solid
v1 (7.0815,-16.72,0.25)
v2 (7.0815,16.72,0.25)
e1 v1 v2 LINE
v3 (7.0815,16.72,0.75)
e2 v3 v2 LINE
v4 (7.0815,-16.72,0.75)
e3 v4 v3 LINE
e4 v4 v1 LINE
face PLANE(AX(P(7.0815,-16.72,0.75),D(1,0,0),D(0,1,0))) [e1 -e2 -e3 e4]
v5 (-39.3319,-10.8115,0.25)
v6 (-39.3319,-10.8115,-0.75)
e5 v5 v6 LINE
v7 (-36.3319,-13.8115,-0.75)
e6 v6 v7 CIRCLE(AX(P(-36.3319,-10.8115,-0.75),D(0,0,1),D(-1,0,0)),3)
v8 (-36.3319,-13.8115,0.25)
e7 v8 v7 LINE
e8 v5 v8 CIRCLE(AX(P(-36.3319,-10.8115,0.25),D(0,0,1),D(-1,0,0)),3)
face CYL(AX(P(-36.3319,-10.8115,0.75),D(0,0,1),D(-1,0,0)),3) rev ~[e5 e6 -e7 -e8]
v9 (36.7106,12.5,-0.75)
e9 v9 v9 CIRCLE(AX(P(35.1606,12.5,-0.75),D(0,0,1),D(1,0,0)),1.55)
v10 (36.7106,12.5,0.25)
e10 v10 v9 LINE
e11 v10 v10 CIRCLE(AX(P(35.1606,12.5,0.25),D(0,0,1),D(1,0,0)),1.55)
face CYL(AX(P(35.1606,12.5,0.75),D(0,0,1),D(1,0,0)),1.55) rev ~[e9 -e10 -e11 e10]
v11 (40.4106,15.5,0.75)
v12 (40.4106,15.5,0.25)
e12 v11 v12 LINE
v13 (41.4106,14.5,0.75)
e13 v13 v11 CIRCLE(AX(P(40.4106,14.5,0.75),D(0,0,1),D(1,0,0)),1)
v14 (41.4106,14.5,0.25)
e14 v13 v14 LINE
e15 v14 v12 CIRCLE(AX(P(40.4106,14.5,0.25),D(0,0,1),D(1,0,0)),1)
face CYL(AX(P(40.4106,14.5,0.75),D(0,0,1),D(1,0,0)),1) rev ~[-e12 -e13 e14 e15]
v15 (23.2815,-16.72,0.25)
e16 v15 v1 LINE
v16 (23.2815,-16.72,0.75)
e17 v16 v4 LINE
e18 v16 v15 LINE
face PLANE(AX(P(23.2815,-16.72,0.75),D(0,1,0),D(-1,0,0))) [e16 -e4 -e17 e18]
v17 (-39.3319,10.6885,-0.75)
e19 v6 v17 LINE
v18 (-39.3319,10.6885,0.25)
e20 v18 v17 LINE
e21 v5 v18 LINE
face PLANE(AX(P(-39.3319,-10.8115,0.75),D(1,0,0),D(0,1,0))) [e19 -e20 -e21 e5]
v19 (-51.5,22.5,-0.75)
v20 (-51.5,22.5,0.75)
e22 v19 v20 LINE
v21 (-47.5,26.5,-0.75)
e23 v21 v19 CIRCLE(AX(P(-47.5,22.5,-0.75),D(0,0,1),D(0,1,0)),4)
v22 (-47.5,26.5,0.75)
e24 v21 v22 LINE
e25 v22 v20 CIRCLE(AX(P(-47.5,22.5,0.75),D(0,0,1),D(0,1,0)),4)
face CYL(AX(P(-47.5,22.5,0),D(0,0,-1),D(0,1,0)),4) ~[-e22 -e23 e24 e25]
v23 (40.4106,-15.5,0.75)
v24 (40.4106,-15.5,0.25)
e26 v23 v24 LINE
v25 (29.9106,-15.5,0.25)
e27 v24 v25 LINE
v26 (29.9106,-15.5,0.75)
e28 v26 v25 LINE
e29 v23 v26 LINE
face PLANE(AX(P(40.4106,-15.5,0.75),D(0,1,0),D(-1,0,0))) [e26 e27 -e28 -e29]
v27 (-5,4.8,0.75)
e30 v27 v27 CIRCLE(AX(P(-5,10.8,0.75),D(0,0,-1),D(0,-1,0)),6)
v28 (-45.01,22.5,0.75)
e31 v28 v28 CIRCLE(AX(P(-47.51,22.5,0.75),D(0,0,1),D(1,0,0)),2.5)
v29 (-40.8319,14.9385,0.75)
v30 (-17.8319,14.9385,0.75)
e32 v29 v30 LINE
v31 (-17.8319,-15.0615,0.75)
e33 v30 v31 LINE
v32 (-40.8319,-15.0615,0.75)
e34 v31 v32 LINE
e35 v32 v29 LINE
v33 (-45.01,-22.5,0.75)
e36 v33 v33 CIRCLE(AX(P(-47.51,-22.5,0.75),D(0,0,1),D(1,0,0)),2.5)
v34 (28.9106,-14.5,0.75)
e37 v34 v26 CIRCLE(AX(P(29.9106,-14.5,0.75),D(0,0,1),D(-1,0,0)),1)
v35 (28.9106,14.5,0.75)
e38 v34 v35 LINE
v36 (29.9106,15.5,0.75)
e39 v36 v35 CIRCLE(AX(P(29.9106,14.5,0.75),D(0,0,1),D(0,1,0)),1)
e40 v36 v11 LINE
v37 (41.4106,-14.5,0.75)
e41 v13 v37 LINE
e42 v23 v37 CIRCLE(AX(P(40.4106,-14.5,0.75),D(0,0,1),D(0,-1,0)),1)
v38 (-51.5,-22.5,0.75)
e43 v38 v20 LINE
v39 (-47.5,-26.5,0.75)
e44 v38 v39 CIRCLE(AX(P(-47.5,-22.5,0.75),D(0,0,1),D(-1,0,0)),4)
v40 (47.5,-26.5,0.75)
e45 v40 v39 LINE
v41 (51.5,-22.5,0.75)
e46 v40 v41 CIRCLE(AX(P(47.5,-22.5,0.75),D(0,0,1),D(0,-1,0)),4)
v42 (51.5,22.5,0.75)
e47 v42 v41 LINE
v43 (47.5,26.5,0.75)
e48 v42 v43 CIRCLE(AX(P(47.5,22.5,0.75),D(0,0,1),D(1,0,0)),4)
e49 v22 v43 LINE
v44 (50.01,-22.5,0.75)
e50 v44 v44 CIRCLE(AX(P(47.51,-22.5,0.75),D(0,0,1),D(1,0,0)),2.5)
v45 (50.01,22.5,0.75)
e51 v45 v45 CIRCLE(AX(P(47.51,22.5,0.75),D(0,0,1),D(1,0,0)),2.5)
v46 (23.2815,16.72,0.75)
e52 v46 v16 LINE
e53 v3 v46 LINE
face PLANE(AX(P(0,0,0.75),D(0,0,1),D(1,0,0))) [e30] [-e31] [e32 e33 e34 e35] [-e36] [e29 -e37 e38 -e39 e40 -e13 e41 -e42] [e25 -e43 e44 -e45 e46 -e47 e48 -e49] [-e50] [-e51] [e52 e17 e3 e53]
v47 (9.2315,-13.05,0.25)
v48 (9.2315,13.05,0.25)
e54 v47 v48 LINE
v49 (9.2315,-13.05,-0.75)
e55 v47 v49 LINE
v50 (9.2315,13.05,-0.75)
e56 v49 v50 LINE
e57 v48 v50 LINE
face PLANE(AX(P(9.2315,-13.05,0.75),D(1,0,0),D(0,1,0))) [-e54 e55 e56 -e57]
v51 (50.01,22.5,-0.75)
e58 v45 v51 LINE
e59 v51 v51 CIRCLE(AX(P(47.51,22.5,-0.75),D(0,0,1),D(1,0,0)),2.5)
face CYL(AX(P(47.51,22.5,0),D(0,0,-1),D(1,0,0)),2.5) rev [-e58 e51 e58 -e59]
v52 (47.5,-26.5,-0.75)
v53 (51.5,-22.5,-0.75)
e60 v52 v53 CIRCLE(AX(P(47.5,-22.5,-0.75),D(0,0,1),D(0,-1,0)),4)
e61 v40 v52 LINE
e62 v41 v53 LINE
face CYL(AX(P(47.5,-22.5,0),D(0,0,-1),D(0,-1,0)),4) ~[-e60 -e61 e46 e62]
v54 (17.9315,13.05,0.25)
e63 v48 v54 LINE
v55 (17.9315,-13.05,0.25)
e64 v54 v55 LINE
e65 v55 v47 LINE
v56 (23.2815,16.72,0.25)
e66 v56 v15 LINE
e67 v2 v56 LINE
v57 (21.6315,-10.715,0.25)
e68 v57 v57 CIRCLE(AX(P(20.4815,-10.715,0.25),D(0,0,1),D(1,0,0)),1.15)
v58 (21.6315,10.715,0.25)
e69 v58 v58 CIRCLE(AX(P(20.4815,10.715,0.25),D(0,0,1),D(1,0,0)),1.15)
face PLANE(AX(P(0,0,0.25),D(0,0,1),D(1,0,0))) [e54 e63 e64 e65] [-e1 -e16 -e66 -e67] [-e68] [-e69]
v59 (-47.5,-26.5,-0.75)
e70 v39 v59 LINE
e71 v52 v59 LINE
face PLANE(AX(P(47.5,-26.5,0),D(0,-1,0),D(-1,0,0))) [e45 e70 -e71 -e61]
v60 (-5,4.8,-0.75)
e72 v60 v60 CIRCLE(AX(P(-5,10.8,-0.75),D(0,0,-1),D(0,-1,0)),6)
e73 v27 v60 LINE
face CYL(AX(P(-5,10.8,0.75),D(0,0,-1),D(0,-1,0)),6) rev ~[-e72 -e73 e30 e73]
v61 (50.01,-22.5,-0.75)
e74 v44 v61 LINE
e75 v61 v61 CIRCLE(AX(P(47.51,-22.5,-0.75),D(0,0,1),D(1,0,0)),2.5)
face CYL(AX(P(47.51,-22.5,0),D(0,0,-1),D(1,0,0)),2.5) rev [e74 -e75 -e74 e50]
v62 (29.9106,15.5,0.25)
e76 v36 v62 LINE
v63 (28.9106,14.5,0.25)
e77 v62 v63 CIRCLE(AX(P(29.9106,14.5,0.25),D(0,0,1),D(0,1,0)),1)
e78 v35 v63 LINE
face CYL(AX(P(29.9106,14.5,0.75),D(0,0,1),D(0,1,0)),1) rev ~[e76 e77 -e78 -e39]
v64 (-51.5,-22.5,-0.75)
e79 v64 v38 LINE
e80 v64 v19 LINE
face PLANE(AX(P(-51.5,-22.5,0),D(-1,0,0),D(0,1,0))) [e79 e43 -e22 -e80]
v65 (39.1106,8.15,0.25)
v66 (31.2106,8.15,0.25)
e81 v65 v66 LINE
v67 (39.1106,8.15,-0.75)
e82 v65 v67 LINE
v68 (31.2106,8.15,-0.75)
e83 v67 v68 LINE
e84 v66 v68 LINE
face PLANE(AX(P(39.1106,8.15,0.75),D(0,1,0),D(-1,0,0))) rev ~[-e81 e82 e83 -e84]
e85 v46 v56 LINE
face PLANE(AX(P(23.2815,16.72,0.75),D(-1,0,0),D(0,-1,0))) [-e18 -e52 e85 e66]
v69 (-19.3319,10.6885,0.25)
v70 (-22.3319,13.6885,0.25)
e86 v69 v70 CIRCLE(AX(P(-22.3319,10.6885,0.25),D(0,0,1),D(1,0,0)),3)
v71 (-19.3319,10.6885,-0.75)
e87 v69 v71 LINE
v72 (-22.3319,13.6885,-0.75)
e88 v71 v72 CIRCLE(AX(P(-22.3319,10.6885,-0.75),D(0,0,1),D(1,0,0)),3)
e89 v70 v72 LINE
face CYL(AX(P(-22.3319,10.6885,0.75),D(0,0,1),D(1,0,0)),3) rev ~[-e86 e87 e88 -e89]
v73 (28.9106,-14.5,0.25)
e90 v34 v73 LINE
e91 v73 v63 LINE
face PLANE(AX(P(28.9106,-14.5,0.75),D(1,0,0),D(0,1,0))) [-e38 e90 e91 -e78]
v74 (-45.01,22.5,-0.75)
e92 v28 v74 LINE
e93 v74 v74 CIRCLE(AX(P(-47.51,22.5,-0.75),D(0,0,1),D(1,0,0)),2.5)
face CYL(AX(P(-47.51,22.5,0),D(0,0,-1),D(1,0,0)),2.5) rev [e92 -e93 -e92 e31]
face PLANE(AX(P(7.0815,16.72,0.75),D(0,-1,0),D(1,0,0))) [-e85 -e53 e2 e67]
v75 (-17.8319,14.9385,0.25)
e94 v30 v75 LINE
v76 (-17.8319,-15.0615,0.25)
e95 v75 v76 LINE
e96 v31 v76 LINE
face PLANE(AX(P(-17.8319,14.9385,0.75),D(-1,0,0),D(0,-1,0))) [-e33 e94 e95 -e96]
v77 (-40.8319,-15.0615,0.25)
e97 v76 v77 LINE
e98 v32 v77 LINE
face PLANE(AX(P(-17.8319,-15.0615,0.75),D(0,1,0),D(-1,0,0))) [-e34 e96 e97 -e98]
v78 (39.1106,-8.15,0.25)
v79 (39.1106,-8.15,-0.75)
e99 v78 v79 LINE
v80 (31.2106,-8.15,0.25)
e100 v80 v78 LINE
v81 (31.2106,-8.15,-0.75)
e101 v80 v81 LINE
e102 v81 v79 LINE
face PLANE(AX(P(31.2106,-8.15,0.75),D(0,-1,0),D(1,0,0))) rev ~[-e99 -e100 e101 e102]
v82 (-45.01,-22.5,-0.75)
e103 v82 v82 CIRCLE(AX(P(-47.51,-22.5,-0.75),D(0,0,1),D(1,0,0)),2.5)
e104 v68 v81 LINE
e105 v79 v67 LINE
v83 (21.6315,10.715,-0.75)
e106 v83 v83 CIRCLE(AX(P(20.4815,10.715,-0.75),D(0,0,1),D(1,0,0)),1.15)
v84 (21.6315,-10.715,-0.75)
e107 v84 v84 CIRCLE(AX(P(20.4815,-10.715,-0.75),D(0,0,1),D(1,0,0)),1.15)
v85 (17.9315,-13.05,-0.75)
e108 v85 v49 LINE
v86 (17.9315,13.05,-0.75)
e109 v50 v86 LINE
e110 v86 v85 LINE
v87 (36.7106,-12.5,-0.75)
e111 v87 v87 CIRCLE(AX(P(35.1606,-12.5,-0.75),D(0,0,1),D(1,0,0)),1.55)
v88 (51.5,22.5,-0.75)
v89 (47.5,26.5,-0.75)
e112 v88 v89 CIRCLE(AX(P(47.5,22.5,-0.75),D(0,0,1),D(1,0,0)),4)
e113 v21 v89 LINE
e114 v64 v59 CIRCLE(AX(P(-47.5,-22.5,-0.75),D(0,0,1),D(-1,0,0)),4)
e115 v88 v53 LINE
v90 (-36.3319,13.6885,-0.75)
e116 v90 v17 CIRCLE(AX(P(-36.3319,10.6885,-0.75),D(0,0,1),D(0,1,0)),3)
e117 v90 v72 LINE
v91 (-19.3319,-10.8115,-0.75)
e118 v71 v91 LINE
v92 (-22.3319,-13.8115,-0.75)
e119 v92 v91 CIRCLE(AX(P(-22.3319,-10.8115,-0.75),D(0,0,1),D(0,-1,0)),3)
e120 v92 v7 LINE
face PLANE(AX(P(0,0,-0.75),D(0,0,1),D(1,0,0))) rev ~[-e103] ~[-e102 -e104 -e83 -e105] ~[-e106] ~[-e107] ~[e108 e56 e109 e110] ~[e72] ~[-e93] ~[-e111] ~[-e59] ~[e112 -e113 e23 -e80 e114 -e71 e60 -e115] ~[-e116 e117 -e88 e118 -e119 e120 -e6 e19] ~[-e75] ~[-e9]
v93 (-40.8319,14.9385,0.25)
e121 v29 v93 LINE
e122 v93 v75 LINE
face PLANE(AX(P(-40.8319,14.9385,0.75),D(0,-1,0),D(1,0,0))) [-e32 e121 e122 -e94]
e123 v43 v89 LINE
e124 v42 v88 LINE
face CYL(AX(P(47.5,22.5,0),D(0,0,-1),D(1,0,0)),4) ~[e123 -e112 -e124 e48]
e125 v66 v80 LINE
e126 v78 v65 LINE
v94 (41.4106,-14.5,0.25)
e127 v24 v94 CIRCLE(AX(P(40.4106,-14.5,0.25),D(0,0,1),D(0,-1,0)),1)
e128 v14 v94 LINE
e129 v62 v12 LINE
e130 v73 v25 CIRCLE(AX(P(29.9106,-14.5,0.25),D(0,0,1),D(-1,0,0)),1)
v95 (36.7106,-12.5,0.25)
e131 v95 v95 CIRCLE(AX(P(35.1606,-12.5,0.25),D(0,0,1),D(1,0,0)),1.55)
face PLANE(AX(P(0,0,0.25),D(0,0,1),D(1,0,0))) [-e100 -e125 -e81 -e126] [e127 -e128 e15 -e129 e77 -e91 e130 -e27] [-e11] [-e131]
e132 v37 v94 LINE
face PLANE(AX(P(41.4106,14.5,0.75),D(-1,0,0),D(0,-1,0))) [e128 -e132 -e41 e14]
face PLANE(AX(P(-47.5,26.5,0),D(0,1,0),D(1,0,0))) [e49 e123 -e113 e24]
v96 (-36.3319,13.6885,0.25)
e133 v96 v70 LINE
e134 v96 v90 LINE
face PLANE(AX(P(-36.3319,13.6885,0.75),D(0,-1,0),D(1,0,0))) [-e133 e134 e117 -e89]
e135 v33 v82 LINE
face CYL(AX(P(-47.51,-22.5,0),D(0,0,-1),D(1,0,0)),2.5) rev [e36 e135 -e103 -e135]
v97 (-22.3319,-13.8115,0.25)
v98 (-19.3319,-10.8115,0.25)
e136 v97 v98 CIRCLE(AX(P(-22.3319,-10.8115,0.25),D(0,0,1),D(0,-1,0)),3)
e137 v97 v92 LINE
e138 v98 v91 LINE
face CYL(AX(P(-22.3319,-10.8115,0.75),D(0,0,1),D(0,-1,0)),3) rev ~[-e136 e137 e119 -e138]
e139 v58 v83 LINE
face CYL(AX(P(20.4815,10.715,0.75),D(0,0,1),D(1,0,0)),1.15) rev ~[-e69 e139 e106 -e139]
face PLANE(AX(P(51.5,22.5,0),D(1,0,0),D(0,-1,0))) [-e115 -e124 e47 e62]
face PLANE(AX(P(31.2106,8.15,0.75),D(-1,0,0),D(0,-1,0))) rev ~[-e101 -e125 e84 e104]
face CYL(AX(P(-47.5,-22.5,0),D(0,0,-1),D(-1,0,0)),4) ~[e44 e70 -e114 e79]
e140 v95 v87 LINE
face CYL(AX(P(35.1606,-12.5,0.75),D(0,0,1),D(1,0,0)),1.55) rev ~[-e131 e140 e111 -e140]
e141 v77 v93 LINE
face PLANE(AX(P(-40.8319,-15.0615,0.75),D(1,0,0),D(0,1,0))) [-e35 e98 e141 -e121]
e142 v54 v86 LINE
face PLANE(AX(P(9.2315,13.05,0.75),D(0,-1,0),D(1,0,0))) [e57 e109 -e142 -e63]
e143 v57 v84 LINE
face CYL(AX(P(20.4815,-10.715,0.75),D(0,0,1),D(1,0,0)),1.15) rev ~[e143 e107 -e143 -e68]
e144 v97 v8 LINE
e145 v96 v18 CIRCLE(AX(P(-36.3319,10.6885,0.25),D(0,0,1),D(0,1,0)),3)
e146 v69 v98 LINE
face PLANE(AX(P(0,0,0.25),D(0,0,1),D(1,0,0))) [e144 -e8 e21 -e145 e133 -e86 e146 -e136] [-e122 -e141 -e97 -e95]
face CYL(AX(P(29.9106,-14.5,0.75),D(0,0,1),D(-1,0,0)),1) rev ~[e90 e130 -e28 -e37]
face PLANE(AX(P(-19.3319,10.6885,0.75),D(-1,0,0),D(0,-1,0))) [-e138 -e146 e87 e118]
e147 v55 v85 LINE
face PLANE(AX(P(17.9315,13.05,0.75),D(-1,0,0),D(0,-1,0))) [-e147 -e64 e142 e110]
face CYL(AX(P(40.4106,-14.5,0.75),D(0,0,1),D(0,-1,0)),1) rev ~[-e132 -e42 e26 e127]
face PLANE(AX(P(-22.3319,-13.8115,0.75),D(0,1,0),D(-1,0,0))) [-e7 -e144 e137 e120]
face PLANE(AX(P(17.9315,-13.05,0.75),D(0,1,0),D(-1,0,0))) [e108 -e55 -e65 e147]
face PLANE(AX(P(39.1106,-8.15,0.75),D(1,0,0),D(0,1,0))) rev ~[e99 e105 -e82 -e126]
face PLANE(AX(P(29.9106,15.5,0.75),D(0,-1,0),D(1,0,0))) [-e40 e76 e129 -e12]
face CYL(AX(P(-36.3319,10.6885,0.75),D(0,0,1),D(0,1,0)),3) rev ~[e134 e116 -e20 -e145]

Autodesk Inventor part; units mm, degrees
ref_plane "YZ Plane" through (0, 0, 0) normal (1, 0, 0) x (0, 1, 0)
ref_plane "XZ Plane" through (0, 0, 0) normal (0, 1, 0) x (-1, 0, 0)
ref_plane "XY Plane" through (0, 0, 0) normal (0, 0, 1) x (1, 0, 0)
sketch "Sketch1" plane through (0, 0, 0) normal (0, 0, 1) x (1, 0, 0)
  line L0 (-47.5, 26.5) -> (47.5, 26.5)
  line L1 (51.5, 22.5) -> (51.5, -22.5)
  line L2 (47.5, -26.5) -> (-47.5, -26.5)
  line L3 (-51.5, -22.5) -> (-51.5, 22.5)
  arc A0 (-51.5, -22.5) -> (-47.5, -26.5) centre (-47.5, -22.5) ccw
  arc A1 (47.5, -26.5) -> (51.5, -22.5) centre (47.5, -22.5) ccw
  arc A2 (51.5, 22.5) -> (47.5, 26.5) centre (47.5, 22.5) ccw
  arc A3 (-47.5, 26.5) -> (-51.5, 22.5) centre (-47.5, 22.5) ccw
  line L4 (-47.51, 22.5) -> (47.51, 22.5) construction
  line L5 (47.51, 22.5) -> (47.51, -22.5) construction
  line L6 (47.51, -22.5) -> (-47.51, -22.5) construction
  line L7 (-47.51, -22.5) -> (-47.51, 22.5) construction
  circle A4 centre (-47.51, 22.5) radius 2.5
  circle A5 centre (47.51, 22.5) radius 2.5
  circle A6 centre (-47.51, -22.5) radius 2.5
  circle A7 centre (47.51, -22.5) radius 2.5
  point P0 (0, 0)
  point P1 (-51.5, 26.5)
  point P2 (51.5, -26.5)
  point P3 (51.5, 26.5)
  point P4 (0, 26.5)
  point P5 (51.5, 0)
  point P6 (47.51, 0)
  point P7 (0, 22.5)
  dimension "d0" = 103
  dimension "d1" = 53
  dimension "d3" = 4
  dimension "d4" = 95.02
  dimension "d5" = 45
  dimension "d6" = 5
  dimension "d7" = 5
  dimension "d8" = 5
  dimension "d9" = 5
extrude "Extrusion1" add sketch "Sketch1" along normal mid plane 1.5
sketch "Sketch2" plane through (0, 0, 0.75) normal (0, 0, 1) x (1, 0, 0)
  line L0 (47.5, 26.5) -> (-47.5, 26.5) projected
  point P0 (0, 0)
  point P1 (-5, 10.8)
  dimension "d51" = 5
  dimension "d52" = 15.7
hole "Neon" at (-5, 10.8, 0.75) direction (0, 0, -1) diameter 12 end through all
sketch "Sketch3" plane through (0, 0, 0.75) normal (0, 0, 1) x (1, 0, 0)
  line L0 (-36.3319, 13.6885) -> (-22.3319, 13.6885)
  line L1 (-19.3319, 10.6885) -> (-19.3319, -10.8115)
  line L2 (-22.3319, -13.8115) -> (-36.3319, -13.8115)
  line L3 (-39.3319, -10.8115) -> (-39.3319, 10.6885)
  arc A0 (-36.3319, 13.6885) -> (-39.3319, 10.6885) centre (-36.3319, 10.6885) ccw
  arc A1 (-19.3319, 10.6885) -> (-22.3319, 13.6885) centre (-22.3319, 10.6885) ccw
  arc A2 (-22.3319, -13.8115) -> (-19.3319, -10.8115) centre (-22.3319, -10.8115) ccw
  arc A3 (-39.3319, -10.8115) -> (-36.3319, -13.8115) centre (-36.3319, -10.8115) ccw
  line L4 (-40.8319, 14.9385) -> (-17.8319, 14.9385)
  line L5 (-17.8319, 14.9385) -> (-17.8319, -15.0615)
  line L6 (-17.8319, -15.0615) -> (-40.8319, -15.0615)
  line L7 (-40.8319, -15.0615) -> (-40.8319, 14.9385)
  point P0 (0, 0)
  point P1 (-39.3319, 13.6885)
  point P2 (-19.3319, -13.8115)
  point P3 (-19.3319, 13.6885)
  point P4 (-17.8319, -0.0615)
  point P5 (-19.3319, -0.0615)
  point P6 (-29.3319, 14.9385)
  point P7 (-29.3319, 13.6885)
  dimension "d20" = 20
  dimension "d21" = 27.5
  dimension "d22" = 3
  dimension "d37" = 30
  dimension "d38" = 23
extrude "IEC" cut sketch "Sketch3" against normal through all contours L0 A1 L1 A2 L2 A3 L3 A0
sketch "Sketch4" plane through (0, 0, 0.75) normal (0, 0, 1) x (1, 0, 0)
  line L0 (39.1106, 8.15) -> (31.2106, 8.15)
  line L1 (31.2106, 8.15) -> (31.2106, -8.15)
  line L2 (31.2106, -8.15) -> (39.1106, -8.15)
  line L3 (39.1106, -8.15) -> (39.1106, 8.15)
  circle A0 centre (35.1606, 12.5) radius 1.55
  circle A1 centre (35.1606, -12.5) radius 1.55
  line L4 (35.1606, 12.5) -> (35.1606, -12.5) construction
  line L5 (29.9106, 15.5) -> (40.4106, 15.5)
  line L6 (41.4106, 14.5) -> (41.4106, -14.5)
  line L7 (40.4106, -15.5) -> (29.9106, -15.5)
  line L8 (28.9106, -14.5) -> (28.9106, 14.5)
  arc A2 (41.4106, 14.5) -> (40.4106, 15.5) centre (40.4106, 14.5) ccw
  arc A3 (29.9106, 15.5) -> (28.9106, 14.5) centre (29.9106, 14.5) ccw
  arc A4 (28.9106, -14.5) -> (29.9106, -15.5) centre (29.9106, -14.5) ccw
  arc A5 (40.4106, -15.5) -> (41.4106, -14.5) centre (40.4106, -14.5) ccw
  point P0 (0, 0)
  point P1 (35.1606, 8.15)
  point P2 (35.1606, -8.15)
  point P3 (35.1606, 0)
  point P4 (39.1106, 0)
  point P5 (41.4106, 0)
  point P6 (35.1606, 15.5)
  dimension "d25" = 7.9
  dimension "d26" = 16.3
  dimension "d27" = 3.1
  dimension "d28" = 3.1
  dimension "d29" = 25
  dimension "d30" = 1
  dimension "d31" = 31
  dimension "d32" = 12.5
extrude "SUB-D" cut sketch "Sketch4" against normal through all contours L3 L2 L1 L0 | A0 | A1
extrude "Extrusion4" cut sketch "Sketch4" against normal blind 0.5
extrude "Extrusion5" cut sketch "Sketch3" against normal blind 0.5
sketch "Sketch5" plane through (0, 0, 0.75) normal (0, 0, 1) x (1, 0, 0)
  line L0 (7.0815, 16.72) -> (23.2815, 16.72)
  line L1 (23.2815, 16.72) -> (23.2815, -16.72)
  line L2 (23.2815, -16.72) -> (7.0815, -16.72)
  line L3 (7.0815, -16.72) -> (7.0815, 16.72)
  line L4 (9.2315, 13.05) -> (17.9315, 13.05)
  line L5 (17.9315, 13.05) -> (17.9315, -13.05)
  line L6 (17.9315, -13.05) -> (9.2315, -13.05)
  line L7 (9.2315, -13.05) -> (9.2315, 13.05)
  line L8 (20.4815, 10.715) -> (20.4815, -10.715) construction
  circle A0 centre (20.4815, 10.715) radius 1.15
  circle A1 centre (20.4815, -10.715) radius 1.15
  point P0 (0, 0)
  point P1 (17.9315, 0)
  point P2 (23.2815, 0)
  point P3 (20.4815, 0)
  point P4 (7.0815, 0)
  dimension "d41" = 16.2
  dimension "d42" = 33.44
  dimension "d43" = 8.7
  dimension "d44" = 14.05
  dimension "d45" = 2.8
  dimension "d46" = 21.43
  dimension "d47" = 26.1
  dimension "d48" = 2.3
  dimension "d49" = 2.3
extrude "Extrusion6" cut sketch "Sketch5" against normal through all contours L4 L5 L6 L7 | A0 | A1
extrude "Extrusion7" cut sketch "Sketch5" against normal blind 0.5
properties part number "Paneeltje"
